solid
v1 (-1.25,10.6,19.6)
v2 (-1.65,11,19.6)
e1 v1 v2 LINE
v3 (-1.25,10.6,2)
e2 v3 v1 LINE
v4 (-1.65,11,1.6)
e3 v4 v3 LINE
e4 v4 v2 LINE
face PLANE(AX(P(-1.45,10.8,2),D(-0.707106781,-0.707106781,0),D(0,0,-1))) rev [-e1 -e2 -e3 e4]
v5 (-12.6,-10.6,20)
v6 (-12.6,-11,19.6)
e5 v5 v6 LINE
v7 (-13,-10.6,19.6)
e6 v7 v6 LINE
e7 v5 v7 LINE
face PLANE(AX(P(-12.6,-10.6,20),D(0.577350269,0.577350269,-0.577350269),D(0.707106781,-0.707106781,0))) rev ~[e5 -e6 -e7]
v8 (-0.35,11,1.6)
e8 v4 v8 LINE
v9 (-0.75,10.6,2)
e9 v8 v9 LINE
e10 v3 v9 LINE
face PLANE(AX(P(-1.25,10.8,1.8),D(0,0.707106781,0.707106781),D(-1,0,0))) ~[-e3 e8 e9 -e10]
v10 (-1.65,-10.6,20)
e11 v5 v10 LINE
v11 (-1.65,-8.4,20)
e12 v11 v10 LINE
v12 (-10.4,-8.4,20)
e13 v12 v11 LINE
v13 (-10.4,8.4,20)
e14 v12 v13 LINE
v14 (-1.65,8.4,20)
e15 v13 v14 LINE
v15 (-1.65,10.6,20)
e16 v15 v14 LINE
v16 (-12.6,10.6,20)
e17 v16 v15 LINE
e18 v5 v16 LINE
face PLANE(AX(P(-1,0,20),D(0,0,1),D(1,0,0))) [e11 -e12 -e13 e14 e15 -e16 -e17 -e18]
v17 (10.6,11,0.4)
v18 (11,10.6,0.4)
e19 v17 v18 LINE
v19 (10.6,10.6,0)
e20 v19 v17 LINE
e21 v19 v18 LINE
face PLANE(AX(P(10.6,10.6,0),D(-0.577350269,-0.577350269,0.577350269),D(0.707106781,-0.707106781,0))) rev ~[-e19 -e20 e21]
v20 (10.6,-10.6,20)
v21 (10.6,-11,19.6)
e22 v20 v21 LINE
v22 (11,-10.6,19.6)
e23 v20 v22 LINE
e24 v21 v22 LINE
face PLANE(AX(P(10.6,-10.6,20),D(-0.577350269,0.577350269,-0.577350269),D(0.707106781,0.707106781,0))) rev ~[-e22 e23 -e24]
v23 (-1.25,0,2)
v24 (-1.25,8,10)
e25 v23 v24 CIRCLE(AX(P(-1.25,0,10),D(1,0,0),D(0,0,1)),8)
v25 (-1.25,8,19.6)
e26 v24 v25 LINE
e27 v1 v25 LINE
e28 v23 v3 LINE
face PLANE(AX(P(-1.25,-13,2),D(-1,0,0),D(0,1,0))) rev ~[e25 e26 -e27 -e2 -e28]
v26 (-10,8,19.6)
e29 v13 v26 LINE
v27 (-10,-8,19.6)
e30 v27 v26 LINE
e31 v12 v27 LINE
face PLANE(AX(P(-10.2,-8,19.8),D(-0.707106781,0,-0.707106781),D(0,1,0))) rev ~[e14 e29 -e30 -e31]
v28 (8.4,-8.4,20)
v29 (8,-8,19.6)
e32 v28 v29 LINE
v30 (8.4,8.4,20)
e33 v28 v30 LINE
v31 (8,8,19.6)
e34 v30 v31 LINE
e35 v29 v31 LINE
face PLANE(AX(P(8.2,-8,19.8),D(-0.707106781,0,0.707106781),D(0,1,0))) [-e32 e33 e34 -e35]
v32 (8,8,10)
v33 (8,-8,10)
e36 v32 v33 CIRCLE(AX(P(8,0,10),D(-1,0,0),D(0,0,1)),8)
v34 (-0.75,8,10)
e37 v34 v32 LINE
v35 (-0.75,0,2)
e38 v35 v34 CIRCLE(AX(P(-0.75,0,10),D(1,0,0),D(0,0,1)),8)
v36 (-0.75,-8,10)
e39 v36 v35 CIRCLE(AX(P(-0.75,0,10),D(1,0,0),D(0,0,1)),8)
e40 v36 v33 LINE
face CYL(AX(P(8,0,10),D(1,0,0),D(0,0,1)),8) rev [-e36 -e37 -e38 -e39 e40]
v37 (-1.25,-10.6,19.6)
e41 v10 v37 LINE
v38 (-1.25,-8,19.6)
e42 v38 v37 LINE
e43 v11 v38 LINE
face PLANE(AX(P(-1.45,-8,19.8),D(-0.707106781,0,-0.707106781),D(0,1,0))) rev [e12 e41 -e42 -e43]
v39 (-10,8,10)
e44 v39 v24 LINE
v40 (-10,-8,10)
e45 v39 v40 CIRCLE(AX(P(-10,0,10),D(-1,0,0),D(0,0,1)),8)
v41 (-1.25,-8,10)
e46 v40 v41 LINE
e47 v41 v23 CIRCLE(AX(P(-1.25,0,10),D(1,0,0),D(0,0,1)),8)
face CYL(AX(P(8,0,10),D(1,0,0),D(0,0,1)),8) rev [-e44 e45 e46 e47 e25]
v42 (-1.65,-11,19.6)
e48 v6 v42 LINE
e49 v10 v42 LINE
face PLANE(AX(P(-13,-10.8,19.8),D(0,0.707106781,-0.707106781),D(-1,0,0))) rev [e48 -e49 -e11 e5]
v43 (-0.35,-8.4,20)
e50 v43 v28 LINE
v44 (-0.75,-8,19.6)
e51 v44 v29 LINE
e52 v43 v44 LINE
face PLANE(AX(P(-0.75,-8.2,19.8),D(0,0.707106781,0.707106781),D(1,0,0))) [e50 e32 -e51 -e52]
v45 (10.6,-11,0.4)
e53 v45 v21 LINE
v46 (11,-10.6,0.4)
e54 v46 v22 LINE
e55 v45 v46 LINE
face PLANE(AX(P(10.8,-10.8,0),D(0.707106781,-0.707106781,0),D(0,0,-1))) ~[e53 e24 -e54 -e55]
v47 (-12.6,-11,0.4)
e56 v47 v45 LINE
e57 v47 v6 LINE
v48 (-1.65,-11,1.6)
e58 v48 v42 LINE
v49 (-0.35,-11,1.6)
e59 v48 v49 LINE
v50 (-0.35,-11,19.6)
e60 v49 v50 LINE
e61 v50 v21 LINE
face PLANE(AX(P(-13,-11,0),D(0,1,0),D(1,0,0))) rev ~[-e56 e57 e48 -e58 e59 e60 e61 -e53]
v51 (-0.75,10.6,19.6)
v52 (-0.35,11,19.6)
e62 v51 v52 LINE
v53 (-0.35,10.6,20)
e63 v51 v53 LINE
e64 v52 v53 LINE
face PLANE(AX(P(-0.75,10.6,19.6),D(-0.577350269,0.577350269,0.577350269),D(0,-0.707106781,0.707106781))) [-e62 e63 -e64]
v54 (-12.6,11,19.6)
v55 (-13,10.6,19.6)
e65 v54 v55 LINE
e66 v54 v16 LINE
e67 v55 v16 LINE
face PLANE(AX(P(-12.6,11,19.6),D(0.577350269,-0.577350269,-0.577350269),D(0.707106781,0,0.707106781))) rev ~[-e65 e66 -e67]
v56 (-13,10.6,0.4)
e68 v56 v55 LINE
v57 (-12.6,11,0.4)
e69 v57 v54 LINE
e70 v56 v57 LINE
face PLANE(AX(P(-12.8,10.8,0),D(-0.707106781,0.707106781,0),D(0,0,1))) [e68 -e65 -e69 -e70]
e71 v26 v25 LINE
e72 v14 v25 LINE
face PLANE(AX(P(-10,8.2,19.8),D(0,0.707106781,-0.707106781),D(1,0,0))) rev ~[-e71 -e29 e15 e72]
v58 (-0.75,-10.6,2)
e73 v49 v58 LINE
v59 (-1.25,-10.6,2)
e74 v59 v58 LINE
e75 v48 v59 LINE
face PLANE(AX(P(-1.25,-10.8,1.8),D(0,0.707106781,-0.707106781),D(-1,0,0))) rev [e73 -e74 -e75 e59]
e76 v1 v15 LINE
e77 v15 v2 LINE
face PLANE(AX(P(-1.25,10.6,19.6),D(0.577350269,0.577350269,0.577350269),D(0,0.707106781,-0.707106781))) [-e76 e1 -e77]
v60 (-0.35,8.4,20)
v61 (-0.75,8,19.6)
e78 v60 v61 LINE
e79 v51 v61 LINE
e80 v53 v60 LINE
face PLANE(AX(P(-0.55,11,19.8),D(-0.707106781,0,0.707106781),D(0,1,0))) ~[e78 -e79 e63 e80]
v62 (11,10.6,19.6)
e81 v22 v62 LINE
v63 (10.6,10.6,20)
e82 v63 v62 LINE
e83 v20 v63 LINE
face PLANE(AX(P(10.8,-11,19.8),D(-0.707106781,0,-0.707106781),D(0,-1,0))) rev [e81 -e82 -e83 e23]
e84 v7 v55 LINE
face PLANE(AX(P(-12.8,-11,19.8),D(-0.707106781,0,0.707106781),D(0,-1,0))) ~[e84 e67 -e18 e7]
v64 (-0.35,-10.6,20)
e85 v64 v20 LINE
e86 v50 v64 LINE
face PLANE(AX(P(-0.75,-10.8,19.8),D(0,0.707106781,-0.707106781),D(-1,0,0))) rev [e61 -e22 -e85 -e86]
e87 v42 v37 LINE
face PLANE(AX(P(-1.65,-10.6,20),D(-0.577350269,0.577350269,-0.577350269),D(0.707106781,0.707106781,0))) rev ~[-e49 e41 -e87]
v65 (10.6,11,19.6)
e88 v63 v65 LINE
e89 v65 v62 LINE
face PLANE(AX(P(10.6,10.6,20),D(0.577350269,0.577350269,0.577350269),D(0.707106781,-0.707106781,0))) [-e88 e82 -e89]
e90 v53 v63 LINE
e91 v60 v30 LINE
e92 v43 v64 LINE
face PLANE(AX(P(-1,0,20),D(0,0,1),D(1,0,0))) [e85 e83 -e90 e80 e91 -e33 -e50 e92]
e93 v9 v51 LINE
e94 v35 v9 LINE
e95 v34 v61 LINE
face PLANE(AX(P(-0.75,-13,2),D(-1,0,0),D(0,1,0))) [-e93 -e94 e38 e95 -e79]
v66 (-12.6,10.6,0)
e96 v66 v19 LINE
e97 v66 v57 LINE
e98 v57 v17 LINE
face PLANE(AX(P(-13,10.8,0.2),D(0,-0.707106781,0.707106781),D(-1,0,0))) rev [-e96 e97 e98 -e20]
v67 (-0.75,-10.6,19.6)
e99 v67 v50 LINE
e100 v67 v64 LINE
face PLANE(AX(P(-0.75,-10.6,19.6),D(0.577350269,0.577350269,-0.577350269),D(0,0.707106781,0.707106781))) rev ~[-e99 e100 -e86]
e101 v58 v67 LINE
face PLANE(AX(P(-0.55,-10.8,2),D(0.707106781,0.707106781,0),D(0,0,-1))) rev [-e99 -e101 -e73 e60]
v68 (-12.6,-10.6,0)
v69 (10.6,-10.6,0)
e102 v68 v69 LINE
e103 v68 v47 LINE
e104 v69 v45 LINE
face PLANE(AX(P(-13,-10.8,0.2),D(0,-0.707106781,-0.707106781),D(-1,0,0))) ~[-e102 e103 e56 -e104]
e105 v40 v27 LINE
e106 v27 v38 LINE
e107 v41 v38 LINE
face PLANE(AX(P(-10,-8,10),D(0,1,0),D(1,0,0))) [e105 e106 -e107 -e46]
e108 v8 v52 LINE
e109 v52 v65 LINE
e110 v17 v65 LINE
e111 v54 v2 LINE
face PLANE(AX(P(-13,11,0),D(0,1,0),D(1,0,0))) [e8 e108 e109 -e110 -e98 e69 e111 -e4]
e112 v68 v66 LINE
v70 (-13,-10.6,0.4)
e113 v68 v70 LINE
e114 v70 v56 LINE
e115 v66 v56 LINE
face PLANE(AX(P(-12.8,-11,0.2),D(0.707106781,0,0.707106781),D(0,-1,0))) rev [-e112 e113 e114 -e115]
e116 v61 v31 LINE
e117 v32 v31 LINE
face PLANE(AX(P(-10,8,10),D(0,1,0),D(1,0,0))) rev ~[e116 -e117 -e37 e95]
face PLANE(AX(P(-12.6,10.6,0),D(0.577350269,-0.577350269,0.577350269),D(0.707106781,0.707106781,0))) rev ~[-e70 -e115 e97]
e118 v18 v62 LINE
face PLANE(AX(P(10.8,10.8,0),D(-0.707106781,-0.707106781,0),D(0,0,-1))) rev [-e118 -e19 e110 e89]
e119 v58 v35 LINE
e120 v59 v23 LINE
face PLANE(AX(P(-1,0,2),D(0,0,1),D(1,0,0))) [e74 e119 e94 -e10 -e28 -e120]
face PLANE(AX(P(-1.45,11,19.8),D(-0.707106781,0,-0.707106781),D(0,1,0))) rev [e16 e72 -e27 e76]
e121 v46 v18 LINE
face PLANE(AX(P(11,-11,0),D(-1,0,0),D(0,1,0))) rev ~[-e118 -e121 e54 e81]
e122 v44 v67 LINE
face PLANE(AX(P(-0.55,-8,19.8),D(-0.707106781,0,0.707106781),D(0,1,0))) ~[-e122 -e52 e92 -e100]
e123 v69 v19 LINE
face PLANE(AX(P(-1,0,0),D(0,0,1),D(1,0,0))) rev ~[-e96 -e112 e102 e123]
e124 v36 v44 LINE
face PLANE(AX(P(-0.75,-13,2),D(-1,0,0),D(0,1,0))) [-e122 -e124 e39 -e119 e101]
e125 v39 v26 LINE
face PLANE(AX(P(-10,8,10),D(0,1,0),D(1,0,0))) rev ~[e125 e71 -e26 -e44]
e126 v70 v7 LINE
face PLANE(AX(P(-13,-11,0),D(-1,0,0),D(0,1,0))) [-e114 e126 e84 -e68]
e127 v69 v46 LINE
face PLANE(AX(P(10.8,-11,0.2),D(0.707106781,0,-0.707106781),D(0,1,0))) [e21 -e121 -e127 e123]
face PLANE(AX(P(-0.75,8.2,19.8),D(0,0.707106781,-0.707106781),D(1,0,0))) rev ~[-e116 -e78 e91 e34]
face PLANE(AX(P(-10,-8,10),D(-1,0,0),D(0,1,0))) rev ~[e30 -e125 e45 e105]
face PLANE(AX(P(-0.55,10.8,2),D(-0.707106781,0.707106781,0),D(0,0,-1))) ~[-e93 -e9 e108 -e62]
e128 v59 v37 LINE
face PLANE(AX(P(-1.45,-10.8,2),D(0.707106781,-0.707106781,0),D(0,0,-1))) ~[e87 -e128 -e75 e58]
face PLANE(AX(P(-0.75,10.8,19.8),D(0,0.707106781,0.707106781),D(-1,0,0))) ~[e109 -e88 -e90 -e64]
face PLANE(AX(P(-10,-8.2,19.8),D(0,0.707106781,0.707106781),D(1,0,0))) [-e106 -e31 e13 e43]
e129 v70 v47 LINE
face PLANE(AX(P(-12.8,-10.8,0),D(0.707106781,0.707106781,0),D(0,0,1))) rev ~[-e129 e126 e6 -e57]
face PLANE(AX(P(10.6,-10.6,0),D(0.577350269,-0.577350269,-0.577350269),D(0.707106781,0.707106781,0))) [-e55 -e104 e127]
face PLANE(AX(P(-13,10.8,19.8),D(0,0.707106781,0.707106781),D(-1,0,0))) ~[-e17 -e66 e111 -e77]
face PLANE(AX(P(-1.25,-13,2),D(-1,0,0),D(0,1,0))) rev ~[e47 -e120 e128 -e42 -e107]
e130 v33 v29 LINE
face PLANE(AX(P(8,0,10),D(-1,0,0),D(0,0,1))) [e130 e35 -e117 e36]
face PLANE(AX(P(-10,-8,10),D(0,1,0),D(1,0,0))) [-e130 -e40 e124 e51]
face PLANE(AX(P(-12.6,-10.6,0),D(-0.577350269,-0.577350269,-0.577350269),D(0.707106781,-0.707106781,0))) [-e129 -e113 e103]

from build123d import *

# Parameters (mm, degrees)
BOX002_W       = 0.5
BOX002_H       = 26
BOX002_DEPTH   = 24
CYLINDER_R     = 8
CYLINDER_DEPTH = 18
BOX001_W       = 18
BOX001_H       = 16
BOX001_DEPTH   = 10
BOX_W          = 24
BOX_H          = 22
BOX_DEPTH      = 20
CHAMFER_SIZE   = 0.4


with BuildPart() as cube002:
    # Box002 → Box002 (new body)
    with BuildSketch(Plane(origin=(-1.25, -13, 2), x_dir=(1, 0, 0), z_dir=(0, 0, 1))):
        with Locations((0.25, 13)):
            Rectangle(BOX002_W, BOX002_H)
    extrude(amount=BOX002_DEPTH)


with BuildPart() as cylinder:
    # Cylinder → Cylinder (new body)
    with BuildSketch(Plane(origin=(8, 0, 10), x_dir=(0, 0, 1), z_dir=(-1, 0, 0))):
        Circle(CYLINDER_R)
    extrude(amount=CYLINDER_DEPTH)


with BuildPart() as fusion:
    # Box001 → Box001 (new body)
    with BuildSketch(Plane(origin=(-10, -8, 10), x_dir=(1, 0, 0), z_dir=(0, 0, 1))):
        with Locations((9, 8)):
            Rectangle(BOX001_W, BOX001_H)
    extrude(amount=BOX001_DEPTH)

    # Fusion: union Cylinder
    add(cylinder.part)


with BuildPart() as chamfer_body:
    # Box → Box (new body)
    with BuildSketch(Plane(origin=(-13, -11, 0), x_dir=(1, 0, 0), z_dir=(0, 0, 1))):
        with Locations((12, 11)):
            Rectangle(BOX_W, BOX_H)
    extrude(amount=BOX_DEPTH)

    # Cut: cut Fusion
    add(fusion.part, mode=Mode.SUBTRACT)

    # Cut001: cut Cube002
    add(cube002.part, mode=Mode.SUBTRACT)

    # Chamfer
    chamfer_edges = [chamfer_body.edges().sort_by_distance(p)[0] for p in [
        (-13, -11, 10),
        (-13, 0, 20),
        (-13, 11, 10),
        (-13, 0, 0),
        (11, -11, 10),
        (5.125, -11, 20),
        (-0.75, -11, 11),
        (-1, -11, 2),
        (-1.25, -11, 11),
        (-7.125, -11, 20),
        (-1, -11, 0),
        (-7.125, 11, 20),
        (-1.25, 9.5, 20),
        (-5.625, 8, 20),
        (-10, 0, 20),
        (-5.625, -8, 20),
        (-1.25, -9.5, 20),
        (11, 11, 10),
        (5.125, 11, 20),
        (-0.75, 11, 11),
        (-1, 11, 2),
        (-1.25, 11, 11),
        (-1, 11, 0),
        (11, 0, 0),
        (11, 0, 20),
        (-0.75, -9.5, 20),
        (3.625, -8, 20),
        (8, 0, 20),
        (3.625, 8, 20),
        (-0.75, 9.5, 20),
    ]]
    chamfer(chamfer_edges, length=CHAMFER_SIZE)


solid = chamfer_body.part
